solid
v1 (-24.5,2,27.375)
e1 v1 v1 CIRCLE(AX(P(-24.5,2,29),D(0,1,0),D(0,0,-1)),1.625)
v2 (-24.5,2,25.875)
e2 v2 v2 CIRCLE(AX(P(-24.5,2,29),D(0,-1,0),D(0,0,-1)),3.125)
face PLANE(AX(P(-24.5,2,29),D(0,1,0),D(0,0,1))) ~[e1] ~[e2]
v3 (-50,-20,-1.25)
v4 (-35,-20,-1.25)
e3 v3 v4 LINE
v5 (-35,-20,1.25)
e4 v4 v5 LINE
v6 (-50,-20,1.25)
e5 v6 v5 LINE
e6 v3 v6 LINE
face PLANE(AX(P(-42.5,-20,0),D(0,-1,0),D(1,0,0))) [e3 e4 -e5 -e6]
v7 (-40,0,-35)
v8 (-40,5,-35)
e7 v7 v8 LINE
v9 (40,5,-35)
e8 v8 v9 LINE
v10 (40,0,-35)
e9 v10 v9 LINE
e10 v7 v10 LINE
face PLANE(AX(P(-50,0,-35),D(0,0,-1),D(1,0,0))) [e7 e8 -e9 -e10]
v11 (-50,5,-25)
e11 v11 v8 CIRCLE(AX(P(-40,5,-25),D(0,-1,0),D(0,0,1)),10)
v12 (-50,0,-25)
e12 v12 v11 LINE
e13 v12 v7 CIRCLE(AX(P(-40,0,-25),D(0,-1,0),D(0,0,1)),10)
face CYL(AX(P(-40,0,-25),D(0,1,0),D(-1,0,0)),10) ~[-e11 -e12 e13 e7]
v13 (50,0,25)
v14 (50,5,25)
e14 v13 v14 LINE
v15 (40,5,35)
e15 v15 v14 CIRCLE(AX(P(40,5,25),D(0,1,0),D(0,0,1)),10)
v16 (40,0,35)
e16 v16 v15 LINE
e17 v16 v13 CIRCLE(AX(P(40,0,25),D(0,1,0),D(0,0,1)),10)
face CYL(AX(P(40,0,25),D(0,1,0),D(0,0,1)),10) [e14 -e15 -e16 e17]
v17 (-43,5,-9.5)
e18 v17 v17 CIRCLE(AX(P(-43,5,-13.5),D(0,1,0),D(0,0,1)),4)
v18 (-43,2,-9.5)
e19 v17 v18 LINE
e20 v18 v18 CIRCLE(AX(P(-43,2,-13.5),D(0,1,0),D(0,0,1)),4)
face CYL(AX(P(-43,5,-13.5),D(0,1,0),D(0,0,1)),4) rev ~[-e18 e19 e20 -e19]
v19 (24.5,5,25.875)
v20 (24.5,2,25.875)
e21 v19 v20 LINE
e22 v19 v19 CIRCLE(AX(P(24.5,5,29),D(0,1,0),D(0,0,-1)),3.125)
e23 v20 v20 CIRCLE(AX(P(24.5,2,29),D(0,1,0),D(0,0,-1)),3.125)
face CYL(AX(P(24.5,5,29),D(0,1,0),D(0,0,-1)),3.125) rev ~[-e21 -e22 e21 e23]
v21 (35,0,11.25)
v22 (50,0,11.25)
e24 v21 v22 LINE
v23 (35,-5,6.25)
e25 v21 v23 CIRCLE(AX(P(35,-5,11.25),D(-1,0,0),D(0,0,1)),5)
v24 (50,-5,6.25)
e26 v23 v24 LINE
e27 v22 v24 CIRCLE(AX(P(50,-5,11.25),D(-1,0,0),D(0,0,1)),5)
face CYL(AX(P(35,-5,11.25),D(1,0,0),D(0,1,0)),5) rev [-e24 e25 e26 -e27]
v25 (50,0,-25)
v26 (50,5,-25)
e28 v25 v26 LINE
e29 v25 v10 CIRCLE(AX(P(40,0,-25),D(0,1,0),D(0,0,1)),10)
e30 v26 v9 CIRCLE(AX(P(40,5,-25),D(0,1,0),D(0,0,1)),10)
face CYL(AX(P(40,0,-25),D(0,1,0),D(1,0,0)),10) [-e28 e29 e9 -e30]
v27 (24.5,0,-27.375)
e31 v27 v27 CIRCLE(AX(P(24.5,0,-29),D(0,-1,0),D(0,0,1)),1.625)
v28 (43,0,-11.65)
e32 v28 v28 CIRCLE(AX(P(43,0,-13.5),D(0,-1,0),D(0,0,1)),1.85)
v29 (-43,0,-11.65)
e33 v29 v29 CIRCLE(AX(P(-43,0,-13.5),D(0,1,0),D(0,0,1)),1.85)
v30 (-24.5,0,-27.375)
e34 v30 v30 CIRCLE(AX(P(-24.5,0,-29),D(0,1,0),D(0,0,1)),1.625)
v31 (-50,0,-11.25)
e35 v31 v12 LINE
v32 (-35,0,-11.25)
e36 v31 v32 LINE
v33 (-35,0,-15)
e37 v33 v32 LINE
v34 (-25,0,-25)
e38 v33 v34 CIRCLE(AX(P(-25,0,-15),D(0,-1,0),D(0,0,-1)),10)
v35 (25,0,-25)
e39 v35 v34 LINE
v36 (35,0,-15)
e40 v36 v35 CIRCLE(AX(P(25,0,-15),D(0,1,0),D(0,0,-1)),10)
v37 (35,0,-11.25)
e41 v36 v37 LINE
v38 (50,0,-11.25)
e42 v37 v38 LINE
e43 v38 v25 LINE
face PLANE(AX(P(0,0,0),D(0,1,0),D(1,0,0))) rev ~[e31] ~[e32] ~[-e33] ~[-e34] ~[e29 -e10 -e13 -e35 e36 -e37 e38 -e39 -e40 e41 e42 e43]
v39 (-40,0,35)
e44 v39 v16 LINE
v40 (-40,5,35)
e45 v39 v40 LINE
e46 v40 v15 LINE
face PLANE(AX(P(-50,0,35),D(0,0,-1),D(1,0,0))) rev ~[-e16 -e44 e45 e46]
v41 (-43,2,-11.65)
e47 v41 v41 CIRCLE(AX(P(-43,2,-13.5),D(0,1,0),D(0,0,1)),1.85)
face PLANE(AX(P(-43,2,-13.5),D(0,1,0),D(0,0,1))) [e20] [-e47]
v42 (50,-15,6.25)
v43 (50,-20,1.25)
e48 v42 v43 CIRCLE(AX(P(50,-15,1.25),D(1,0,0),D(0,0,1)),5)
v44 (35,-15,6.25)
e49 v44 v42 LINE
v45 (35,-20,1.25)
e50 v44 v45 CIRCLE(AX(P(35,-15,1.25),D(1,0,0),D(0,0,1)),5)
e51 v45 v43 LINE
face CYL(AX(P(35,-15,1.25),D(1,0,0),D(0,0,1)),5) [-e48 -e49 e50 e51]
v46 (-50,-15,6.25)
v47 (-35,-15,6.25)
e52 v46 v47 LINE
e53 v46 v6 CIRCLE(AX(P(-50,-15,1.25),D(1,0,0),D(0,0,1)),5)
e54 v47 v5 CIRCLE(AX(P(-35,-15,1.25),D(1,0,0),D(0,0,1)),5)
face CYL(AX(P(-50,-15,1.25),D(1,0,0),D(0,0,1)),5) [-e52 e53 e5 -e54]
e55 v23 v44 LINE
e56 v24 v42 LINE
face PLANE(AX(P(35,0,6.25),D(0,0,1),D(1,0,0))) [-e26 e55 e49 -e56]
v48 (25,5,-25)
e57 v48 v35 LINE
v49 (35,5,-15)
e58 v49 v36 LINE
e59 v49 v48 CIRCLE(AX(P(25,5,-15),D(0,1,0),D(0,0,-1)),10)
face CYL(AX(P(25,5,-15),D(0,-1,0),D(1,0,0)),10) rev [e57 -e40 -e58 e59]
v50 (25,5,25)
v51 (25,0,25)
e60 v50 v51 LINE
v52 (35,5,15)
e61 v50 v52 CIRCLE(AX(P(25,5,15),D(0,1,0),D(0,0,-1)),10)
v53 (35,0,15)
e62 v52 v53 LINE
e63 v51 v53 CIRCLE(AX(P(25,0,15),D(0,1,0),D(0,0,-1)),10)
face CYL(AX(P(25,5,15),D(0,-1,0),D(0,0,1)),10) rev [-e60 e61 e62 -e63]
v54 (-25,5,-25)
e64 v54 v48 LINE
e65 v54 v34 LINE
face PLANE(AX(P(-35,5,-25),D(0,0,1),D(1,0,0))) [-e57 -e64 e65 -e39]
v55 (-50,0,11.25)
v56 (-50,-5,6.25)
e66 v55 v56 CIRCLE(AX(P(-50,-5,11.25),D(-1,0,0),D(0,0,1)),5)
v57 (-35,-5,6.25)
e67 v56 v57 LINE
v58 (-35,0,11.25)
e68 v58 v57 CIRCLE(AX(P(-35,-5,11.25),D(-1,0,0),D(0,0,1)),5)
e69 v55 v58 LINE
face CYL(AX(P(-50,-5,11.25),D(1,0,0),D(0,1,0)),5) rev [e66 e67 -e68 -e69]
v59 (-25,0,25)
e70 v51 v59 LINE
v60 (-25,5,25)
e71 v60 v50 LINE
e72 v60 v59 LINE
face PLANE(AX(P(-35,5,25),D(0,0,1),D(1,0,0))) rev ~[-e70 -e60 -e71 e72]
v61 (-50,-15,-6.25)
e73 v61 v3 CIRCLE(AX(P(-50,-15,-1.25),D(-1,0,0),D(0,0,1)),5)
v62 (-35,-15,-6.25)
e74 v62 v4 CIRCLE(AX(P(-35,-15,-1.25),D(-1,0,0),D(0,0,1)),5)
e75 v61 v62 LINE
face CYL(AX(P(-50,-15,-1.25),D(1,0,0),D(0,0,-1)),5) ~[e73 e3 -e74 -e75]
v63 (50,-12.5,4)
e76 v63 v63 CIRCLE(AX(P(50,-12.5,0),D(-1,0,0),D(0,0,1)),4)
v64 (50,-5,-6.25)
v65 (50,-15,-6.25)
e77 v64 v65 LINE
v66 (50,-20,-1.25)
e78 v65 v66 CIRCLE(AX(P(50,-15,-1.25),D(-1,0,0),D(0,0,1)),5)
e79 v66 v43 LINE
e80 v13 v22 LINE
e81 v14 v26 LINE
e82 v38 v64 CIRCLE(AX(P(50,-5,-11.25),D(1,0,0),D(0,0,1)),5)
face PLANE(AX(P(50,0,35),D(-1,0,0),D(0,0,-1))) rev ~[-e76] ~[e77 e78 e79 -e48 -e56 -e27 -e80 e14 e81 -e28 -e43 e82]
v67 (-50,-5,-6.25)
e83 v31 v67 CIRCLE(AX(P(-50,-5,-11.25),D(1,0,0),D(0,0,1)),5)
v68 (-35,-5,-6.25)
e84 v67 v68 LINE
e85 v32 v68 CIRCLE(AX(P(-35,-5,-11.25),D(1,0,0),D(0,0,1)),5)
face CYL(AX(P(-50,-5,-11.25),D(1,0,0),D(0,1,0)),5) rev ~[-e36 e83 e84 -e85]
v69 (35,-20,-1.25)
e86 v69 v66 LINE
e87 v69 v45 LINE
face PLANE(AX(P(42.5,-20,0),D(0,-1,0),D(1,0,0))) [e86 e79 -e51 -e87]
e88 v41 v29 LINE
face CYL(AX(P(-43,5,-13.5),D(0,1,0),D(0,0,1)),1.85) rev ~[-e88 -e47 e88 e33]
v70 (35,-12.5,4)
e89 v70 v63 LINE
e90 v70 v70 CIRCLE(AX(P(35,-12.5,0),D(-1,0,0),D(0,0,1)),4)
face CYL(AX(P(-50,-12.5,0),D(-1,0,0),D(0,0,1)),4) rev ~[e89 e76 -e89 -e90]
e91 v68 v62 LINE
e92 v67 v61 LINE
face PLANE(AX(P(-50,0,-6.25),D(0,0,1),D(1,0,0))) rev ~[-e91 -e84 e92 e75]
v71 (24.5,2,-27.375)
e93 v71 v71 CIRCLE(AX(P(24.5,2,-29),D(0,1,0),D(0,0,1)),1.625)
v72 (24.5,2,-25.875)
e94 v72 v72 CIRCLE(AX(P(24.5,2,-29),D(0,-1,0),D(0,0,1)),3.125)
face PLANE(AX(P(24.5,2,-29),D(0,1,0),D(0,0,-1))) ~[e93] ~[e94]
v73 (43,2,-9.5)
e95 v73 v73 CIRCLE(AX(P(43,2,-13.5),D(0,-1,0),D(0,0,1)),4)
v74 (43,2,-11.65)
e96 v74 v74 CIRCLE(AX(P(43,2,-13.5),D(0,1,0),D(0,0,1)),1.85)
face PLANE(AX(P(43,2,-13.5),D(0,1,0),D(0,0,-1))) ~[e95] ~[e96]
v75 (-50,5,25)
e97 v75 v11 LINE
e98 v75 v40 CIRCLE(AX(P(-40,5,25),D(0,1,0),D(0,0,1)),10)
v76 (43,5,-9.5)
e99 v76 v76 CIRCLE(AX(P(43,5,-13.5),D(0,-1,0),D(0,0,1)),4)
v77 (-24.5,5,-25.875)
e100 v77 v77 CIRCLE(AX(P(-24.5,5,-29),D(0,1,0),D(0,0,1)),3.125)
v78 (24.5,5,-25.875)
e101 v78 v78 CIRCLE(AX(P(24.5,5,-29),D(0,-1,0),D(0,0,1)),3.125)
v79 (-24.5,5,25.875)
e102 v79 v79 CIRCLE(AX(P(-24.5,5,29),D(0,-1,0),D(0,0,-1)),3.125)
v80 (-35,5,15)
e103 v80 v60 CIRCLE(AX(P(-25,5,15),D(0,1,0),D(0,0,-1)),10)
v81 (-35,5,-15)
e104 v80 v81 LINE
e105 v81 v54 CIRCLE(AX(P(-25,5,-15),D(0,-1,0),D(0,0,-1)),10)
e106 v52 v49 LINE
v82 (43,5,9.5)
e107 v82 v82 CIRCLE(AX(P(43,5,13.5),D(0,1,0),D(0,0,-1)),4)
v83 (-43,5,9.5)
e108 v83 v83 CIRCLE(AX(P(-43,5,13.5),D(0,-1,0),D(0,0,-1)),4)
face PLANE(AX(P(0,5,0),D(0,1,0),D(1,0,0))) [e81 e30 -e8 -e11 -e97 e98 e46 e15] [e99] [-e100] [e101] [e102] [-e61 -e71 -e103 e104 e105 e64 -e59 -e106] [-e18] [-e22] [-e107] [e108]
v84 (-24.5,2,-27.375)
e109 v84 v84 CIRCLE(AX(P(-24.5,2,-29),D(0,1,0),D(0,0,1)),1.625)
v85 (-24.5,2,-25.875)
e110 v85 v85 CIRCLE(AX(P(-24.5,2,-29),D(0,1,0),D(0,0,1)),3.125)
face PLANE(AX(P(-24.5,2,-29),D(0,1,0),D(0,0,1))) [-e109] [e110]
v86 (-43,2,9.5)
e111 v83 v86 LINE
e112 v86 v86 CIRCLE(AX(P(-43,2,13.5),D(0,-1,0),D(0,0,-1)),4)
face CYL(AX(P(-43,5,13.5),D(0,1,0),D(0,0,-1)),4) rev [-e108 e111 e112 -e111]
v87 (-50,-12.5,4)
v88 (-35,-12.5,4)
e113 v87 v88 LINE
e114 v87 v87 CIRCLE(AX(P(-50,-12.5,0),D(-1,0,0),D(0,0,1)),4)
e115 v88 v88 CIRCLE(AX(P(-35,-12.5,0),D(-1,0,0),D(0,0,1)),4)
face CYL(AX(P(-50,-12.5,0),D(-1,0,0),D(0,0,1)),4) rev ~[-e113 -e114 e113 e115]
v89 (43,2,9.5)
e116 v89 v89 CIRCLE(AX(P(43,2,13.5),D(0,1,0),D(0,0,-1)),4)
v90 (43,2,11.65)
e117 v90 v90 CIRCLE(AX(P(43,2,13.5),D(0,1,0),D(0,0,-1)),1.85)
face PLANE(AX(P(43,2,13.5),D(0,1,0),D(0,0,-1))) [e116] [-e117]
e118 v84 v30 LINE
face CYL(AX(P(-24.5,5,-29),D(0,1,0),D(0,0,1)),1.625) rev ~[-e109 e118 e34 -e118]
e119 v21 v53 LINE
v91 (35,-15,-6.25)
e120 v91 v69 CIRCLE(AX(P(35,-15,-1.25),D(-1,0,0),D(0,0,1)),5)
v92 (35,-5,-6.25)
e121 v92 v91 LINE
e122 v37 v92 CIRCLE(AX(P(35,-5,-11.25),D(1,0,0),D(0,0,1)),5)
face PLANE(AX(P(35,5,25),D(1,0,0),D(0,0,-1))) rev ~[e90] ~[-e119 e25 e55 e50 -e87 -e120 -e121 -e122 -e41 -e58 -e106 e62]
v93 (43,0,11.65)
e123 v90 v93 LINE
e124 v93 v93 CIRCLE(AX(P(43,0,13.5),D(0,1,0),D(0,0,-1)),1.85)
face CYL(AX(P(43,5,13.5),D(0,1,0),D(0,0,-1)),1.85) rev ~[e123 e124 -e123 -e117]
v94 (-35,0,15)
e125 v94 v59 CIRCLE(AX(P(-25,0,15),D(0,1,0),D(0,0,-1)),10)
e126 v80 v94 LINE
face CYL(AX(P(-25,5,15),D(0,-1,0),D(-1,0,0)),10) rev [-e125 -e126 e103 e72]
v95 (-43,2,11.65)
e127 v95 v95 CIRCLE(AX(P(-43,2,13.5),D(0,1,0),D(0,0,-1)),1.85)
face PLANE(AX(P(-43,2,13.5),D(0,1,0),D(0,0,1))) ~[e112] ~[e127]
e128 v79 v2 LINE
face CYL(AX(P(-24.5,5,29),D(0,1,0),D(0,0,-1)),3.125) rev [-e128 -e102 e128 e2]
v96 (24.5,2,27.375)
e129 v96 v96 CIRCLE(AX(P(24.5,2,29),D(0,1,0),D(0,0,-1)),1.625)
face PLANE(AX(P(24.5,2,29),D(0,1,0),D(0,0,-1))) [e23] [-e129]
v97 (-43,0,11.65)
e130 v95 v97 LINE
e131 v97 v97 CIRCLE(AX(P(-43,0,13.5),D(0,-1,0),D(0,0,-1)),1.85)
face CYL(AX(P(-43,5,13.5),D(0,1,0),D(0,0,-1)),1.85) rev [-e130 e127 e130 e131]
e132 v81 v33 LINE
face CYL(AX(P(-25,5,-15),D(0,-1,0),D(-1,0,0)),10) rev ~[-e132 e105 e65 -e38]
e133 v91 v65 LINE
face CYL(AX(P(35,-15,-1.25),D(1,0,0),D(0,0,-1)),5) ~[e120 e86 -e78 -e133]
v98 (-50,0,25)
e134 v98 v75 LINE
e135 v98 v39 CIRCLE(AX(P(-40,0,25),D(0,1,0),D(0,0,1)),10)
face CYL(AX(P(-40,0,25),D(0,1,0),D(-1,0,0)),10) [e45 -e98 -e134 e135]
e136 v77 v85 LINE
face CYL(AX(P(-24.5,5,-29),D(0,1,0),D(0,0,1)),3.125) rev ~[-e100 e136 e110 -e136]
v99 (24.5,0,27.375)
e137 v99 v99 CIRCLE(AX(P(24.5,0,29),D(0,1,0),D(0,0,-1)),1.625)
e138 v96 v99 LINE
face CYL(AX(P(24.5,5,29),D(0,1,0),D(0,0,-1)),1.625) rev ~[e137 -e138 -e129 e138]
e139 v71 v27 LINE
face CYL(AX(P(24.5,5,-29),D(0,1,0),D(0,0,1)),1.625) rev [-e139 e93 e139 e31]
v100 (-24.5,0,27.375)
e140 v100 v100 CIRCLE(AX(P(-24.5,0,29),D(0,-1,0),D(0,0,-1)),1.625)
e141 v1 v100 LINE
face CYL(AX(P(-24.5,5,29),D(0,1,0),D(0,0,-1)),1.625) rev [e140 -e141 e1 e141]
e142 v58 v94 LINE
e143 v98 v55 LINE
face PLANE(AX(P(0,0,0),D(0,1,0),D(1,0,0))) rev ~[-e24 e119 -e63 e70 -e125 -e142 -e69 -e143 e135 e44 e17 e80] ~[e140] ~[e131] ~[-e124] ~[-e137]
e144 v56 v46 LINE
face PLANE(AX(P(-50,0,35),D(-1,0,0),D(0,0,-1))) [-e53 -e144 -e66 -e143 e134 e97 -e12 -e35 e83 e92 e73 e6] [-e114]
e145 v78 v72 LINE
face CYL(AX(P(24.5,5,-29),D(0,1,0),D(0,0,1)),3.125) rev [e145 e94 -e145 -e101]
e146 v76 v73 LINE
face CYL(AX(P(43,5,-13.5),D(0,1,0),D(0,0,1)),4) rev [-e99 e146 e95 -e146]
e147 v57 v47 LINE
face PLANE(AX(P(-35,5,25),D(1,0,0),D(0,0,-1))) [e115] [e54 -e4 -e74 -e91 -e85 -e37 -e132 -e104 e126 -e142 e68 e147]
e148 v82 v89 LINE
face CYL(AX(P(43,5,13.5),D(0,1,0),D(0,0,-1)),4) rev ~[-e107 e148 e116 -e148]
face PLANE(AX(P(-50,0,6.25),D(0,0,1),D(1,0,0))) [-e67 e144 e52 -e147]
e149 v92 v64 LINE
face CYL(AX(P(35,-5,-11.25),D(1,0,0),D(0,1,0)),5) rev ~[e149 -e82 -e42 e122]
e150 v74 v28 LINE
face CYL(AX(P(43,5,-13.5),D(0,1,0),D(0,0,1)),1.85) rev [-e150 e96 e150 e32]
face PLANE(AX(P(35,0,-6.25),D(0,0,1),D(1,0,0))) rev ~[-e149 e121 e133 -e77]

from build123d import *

# Parameters (mm, degrees)
SKETCH1_W                                  = 100
SKETCH1_H                                  = 70
BOSS_EXTRUDE1_DEPTH                        = 5
FILLET1_R                                  = 10
CUT_EXTRUDE1_REACH                         = 63.237
SKETCH2_R                                  = 1.85
MIRROR1_AT_THE_SECOND_PLANE_COPY_1_REACH   = 63.237
MIRROR1_AT_THE_SECOND_PLANE_COPY_1_SKETC_R = 1.85
CUT_EXTRUDE2_REACH                         = 63.237
SKETCH3_R                                  = 1.625
MIRROR2_AT_THE_SECOND_PLANE_COPY_1_REACH   = 63.237
MIRROR2_AT_THE_SECOND_PLANE_COPY_1_SKETC_R = 1.625
CUT_EXTRUDE3_REACH                         = 63.237
SKETCH4_W                                  = 70
SKETCH4_H                                  = 50
FILLET2_R                                  = 10
SKETCH5_R                                  = 3.125
CUT_EXTRUDE4_DEPTH                         = 3
MIRROR3_AT_THE_SECOND_PLANE_COPY_1_SKETC_R = 3.125
MIRROR3_AT_THE_SECOND_PLANE_COPY_1_DEPTH   = 3
SKETCH6_R                                  = 4
CUT_EXTRUDE5_DEPTH                         = 3
MIRROR4_AT_THE_SECOND_PLANE_COPY_1_SKETC_R = 4
MIRROR4_AT_THE_SECOND_PLANE_COPY_1_DEPTH   = 3
SKETCH9_W                                  = 15
SKETCH9_H                                  = 12.5
BOSS_EXTRUDE3_DEPTH                        = 20
CUT_EXTRUDE7_REACH                         = 109.819
SKETCH10_R                                 = 4
FILLET4_R                                  = 5


with BuildPart() as part:
    # Sketch1 → Boss-Extrude1 (new body)
    with BuildSketch(Plane(origin=(0, 0, 0), x_dir=(1, 0, 0), z_dir=(0, 1, 0))):
        Rectangle(SKETCH1_W, SKETCH1_H)
    extrude(amount=BOSS_EXTRUDE1_DEPTH)

    # Fillet1
    fillet1_edges = [part.edges().sort_by_distance(p)[0] for p in [
        (-50, 2.5, -35),
        (50, 2.5, -35),
        (50, 2.5, 35),
        (-50, 2.5, 35),
    ]]
    fillet(fillet1_edges, radius=FILLET1_R)

    # Sketch2 → Cut-Extrude1 (cut, up to next)
    with BuildSketch(Plane(origin=(0, 5, 0), x_dir=(1, 0, 0), z_dir=(0, 1, 0)), mode=Mode.PRIVATE) as cut_extrude1_sk1:
        with Locations(Location((-43, 13.5, 0), (0, 0, 270))):
            Circle(SKETCH2_R)
    cut_extrude1_tool1 = extrude(cut_extrude1_sk1.sketch, amount=-CUT_EXTRUDE1_REACH, mode=Mode.PRIVATE) & part.part
    cut_extrude1 = cut_extrude1_tool1.solids().sort_by_distance((-43, 5, -13.5))[0]
    add(cut_extrude1, mode=Mode.SUBTRACT)

    # Mirror1: Cut-Extrude1 across plane
    add(cut_extrude1.mirror(Plane(origin=(0, 0, 0), x_dir=(0, 0, 1), z_dir=(1, 0, 0))), mode=Mode.SUBTRACT)

    # Mirror1 at the second plane: Cut-Extrude1 across plane
    add(cut_extrude1.mirror(Plane.XY), mode=Mode.SUBTRACT)

    # Mirror1 at the second plane copy 1 sketc → Mirror1 at the second plane copy 1 (cut, up to next)
    with BuildSketch(Plane(origin=(0, 5, 0), x_dir=(-1, 0, 0), z_dir=(0, 1, 0)), mode=Mode.PRIVATE) as mirror1_at_the_second_plane_copy_1_sk1:
        with Locations(Location((-43, 13.5, 0), (0, 0, 270))):
            Circle(MIRROR1_AT_THE_SECOND_PLANE_COPY_1_SKETC_R)
    mirror1_at_the_second_plane_copy_1_tool1 = extrude(mirror1_at_the_second_plane_copy_1_sk1.sketch, amount=-MIRROR1_AT_THE_SECOND_PLANE_COPY_1_REACH, mode=Mode.PRIVATE) & part.part
    add(mirror1_at_the_second_plane_copy_1_tool1.solids().sort_by_distance((43, 5, 13.5))[0], mode=Mode.SUBTRACT)

    # Sketch3 → Cut-Extrude2 (cut, up to next)
    with BuildSketch(Plane(origin=(0, 5, 0), x_dir=(1, 0, 0), z_dir=(0, 1, 0)), mode=Mode.PRIVATE) as cut_extrude2_sk1:
        with Locations(Location((-24.5, 29, 0), (0, 0, 270))):
            Circle(SKETCH3_R)
    cut_extrude2_tool1 = extrude(cut_extrude2_sk1.sketch, amount=-CUT_EXTRUDE2_REACH, mode=Mode.PRIVATE) & part.part
    cut_extrude2 = cut_extrude2_tool1.solids().sort_by_distance((-24.5, 5, -29))[0]
    add(cut_extrude2, mode=Mode.SUBTRACT)

    # Mirror2: Cut-Extrude2 across plane
    add(cut_extrude2.mirror(Plane(origin=(0, 0, 0), x_dir=(0, 0, 1), z_dir=(1, 0, 0))), mode=Mode.SUBTRACT)

    # Mirror2 at the second plane: Cut-Extrude2 across plane
    add(cut_extrude2.mirror(Plane.XY), mode=Mode.SUBTRACT)

    # Mirror2 at the second plane copy 1 sketc → Mirror2 at the second plane copy 1 (cut, up to next)
    with BuildSketch(Plane(origin=(0, 5, 0), x_dir=(-1, 0, 0), z_dir=(0, 1, 0)), mode=Mode.PRIVATE) as mirror2_at_the_second_plane_copy_1_sk1:
        with Locations(Location((-24.5, 29, 0), (0, 0, 270))):
            Circle(MIRROR2_AT_THE_SECOND_PLANE_COPY_1_SKETC_R)
    mirror2_at_the_second_plane_copy_1_tool1 = extrude(mirror2_at_the_second_plane_copy_1_sk1.sketch, amount=-MIRROR2_AT_THE_SECOND_PLANE_COPY_1_REACH, mode=Mode.PRIVATE) & part.part
    add(mirror2_at_the_second_plane_copy_1_tool1.solids().sort_by_distance((24.5, 5, 29))[0], mode=Mode.SUBTRACT)

    # Sketch4 → Cut-Extrude3 (cut, up to next)
    with BuildSketch(Plane(origin=(0, 5, 0), x_dir=(1, 0, 0), z_dir=(0, 1, 0)), mode=Mode.PRIVATE) as cut_extrude3_sk1:
        Rectangle(SKETCH4_W, SKETCH4_H)
    cut_extrude3_tool1 = extrude(cut_extrude3_sk1.sketch, amount=-CUT_EXTRUDE3_REACH, mode=Mode.PRIVATE) & part.part
    add(cut_extrude3_tool1.solids().sort_by_distance((0, 5, 0))[0], mode=Mode.SUBTRACT)

    # Fillet2
    fillet2_edges = [part.edges().sort_by_distance(p)[0] for p in [
        (-35, 2.5, 25),
        (-35, 2.5, -25),
        (35, 2.5, -25),
        (35, 2.5, 25),
    ]]
    fillet(fillet2_edges, radius=FILLET2_R)

    # Sketch5 → Cut-Extrude4 (cut)
    with BuildSketch(Plane(origin=(0, 5, 0), x_dir=(1, 0, 0), z_dir=(0, 1, 0))):
        with Locations(Location((-24.5, 29, 0), (0, 0, 270))):
            Circle(SKETCH5_R)
    cut_extrude4 = extrude(amount=-CUT_EXTRUDE4_DEPTH, mode=Mode.SUBTRACT)

    # Mirror3: Cut-Extrude4 across plane
    add(cut_extrude4.mirror(Plane.XY), mode=Mode.SUBTRACT)

    # Mirror3 at the second plane: Cut-Extrude4 across plane
    add(cut_extrude4.mirror(Plane(origin=(0, 0, 0), x_dir=(0, 0, 1), z_dir=(1, 0, 0))), mode=Mode.SUBTRACT)

    # Mirror3 at the second plane copy 1 sketc → Mirror3 at the second plane copy 1 (cut)
    with BuildSketch(Plane(origin=(0, 5, 0), x_dir=(-1, 0, 0), z_dir=(0, 1, 0))):
        with Locations(Location((-24.5, 29, 0), (0, 0, 270))):
            Circle(MIRROR3_AT_THE_SECOND_PLANE_COPY_1_SKETC_R)
    extrude(amount=-MIRROR3_AT_THE_SECOND_PLANE_COPY_1_DEPTH, mode=Mode.SUBTRACT)

    # Sketch6 → Cut-Extrude5 (cut)
    with BuildSketch(Plane(origin=(0, 5, 0), x_dir=(1, 0, 0), z_dir=(0, 1, 0))):
        with Locations(Location((-43, 13.5, 0), (0, 0, 270))):
            Circle(SKETCH6_R)
    cut_extrude5 = extrude(amount=-CUT_EXTRUDE5_DEPTH, mode=Mode.SUBTRACT)

    # Mirror4: Cut-Extrude5 across plane
    add(cut_extrude5.mirror(Plane(origin=(0, 0, 0), x_dir=(0, 0, 1), z_dir=(1, 0, 0))), mode=Mode.SUBTRACT)

    # Mirror4 at the second plane: Cut-Extrude5 across plane
    add(cut_extrude5.mirror(Plane.XY), mode=Mode.SUBTRACT)

    # Mirror4 at the second plane copy 1 sketc → Mirror4 at the second plane copy 1 (cut)
    with BuildSketch(Plane(origin=(0, 5, 0), x_dir=(-1, 0, 0), z_dir=(0, 1, 0))):
        with Locations(Location((-43, 13.5, 0), (0, 0, 270))):
            Circle(MIRROR4_AT_THE_SECOND_PLANE_COPY_1_SKETC_R)
    extrude(amount=-MIRROR4_AT_THE_SECOND_PLANE_COPY_1_DEPTH, mode=Mode.SUBTRACT)

    # Sketch9 → Boss-Extrude3 (add)
    with BuildSketch(Plane.XZ):
        with Locations((-42.5, 0)):
            Rectangle(SKETCH9_W, SKETCH9_H)
        with Locations((42.5, 0)):
            Rectangle(SKETCH9_W, SKETCH9_H)
    extrude(amount=BOSS_EXTRUDE3_DEPTH)

    # Cut-Extrude7: up to this face of the body (flat: up to its plane)
    cut_extrude7_end = Plane(part.part.faces().sort_by_distance((50, -3.75, 0))[0])
    # Sketch10 → Cut-Extrude7 (cut, up to the picked face)
    with BuildSketch(Plane.ZY.offset(50), mode=Mode.PRIVATE) as cut_extrude7_sk1:
        with Locations((0, -12.5)):
            Circle(SKETCH10_R)
    cut_extrude7_tool1 = split(extrude(cut_extrude7_sk1.sketch, amount=-CUT_EXTRUDE7_REACH, mode=Mode.PRIVATE), bisect_by=cut_extrude7_end, keep=Keep.BOTH, mode=Mode.PRIVATE)
    add(cut_extrude7_tool1.solids().sort_by(Axis((-50, -12.5, 0), (1, 0, 0)))[0], mode=Mode.SUBTRACT)

    # Fillet4
    fillet4_edges = [part.edges().sort_by_distance(p)[0] for p in [
        (-42.5, 0, -6.25),
        (-42.5, 0, 6.25),
        (-42.5, -20, -6.25),
        (-42.5, -20, 6.25),
        (42.5, 0, -6.25),
        (42.5, 0, 6.25),
        (42.5, -20, -6.25),
        (42.5, -20, 6.25),
    ]]
    fillet(fillet4_edges, radius=FILLET4_R)


solid = part.part
